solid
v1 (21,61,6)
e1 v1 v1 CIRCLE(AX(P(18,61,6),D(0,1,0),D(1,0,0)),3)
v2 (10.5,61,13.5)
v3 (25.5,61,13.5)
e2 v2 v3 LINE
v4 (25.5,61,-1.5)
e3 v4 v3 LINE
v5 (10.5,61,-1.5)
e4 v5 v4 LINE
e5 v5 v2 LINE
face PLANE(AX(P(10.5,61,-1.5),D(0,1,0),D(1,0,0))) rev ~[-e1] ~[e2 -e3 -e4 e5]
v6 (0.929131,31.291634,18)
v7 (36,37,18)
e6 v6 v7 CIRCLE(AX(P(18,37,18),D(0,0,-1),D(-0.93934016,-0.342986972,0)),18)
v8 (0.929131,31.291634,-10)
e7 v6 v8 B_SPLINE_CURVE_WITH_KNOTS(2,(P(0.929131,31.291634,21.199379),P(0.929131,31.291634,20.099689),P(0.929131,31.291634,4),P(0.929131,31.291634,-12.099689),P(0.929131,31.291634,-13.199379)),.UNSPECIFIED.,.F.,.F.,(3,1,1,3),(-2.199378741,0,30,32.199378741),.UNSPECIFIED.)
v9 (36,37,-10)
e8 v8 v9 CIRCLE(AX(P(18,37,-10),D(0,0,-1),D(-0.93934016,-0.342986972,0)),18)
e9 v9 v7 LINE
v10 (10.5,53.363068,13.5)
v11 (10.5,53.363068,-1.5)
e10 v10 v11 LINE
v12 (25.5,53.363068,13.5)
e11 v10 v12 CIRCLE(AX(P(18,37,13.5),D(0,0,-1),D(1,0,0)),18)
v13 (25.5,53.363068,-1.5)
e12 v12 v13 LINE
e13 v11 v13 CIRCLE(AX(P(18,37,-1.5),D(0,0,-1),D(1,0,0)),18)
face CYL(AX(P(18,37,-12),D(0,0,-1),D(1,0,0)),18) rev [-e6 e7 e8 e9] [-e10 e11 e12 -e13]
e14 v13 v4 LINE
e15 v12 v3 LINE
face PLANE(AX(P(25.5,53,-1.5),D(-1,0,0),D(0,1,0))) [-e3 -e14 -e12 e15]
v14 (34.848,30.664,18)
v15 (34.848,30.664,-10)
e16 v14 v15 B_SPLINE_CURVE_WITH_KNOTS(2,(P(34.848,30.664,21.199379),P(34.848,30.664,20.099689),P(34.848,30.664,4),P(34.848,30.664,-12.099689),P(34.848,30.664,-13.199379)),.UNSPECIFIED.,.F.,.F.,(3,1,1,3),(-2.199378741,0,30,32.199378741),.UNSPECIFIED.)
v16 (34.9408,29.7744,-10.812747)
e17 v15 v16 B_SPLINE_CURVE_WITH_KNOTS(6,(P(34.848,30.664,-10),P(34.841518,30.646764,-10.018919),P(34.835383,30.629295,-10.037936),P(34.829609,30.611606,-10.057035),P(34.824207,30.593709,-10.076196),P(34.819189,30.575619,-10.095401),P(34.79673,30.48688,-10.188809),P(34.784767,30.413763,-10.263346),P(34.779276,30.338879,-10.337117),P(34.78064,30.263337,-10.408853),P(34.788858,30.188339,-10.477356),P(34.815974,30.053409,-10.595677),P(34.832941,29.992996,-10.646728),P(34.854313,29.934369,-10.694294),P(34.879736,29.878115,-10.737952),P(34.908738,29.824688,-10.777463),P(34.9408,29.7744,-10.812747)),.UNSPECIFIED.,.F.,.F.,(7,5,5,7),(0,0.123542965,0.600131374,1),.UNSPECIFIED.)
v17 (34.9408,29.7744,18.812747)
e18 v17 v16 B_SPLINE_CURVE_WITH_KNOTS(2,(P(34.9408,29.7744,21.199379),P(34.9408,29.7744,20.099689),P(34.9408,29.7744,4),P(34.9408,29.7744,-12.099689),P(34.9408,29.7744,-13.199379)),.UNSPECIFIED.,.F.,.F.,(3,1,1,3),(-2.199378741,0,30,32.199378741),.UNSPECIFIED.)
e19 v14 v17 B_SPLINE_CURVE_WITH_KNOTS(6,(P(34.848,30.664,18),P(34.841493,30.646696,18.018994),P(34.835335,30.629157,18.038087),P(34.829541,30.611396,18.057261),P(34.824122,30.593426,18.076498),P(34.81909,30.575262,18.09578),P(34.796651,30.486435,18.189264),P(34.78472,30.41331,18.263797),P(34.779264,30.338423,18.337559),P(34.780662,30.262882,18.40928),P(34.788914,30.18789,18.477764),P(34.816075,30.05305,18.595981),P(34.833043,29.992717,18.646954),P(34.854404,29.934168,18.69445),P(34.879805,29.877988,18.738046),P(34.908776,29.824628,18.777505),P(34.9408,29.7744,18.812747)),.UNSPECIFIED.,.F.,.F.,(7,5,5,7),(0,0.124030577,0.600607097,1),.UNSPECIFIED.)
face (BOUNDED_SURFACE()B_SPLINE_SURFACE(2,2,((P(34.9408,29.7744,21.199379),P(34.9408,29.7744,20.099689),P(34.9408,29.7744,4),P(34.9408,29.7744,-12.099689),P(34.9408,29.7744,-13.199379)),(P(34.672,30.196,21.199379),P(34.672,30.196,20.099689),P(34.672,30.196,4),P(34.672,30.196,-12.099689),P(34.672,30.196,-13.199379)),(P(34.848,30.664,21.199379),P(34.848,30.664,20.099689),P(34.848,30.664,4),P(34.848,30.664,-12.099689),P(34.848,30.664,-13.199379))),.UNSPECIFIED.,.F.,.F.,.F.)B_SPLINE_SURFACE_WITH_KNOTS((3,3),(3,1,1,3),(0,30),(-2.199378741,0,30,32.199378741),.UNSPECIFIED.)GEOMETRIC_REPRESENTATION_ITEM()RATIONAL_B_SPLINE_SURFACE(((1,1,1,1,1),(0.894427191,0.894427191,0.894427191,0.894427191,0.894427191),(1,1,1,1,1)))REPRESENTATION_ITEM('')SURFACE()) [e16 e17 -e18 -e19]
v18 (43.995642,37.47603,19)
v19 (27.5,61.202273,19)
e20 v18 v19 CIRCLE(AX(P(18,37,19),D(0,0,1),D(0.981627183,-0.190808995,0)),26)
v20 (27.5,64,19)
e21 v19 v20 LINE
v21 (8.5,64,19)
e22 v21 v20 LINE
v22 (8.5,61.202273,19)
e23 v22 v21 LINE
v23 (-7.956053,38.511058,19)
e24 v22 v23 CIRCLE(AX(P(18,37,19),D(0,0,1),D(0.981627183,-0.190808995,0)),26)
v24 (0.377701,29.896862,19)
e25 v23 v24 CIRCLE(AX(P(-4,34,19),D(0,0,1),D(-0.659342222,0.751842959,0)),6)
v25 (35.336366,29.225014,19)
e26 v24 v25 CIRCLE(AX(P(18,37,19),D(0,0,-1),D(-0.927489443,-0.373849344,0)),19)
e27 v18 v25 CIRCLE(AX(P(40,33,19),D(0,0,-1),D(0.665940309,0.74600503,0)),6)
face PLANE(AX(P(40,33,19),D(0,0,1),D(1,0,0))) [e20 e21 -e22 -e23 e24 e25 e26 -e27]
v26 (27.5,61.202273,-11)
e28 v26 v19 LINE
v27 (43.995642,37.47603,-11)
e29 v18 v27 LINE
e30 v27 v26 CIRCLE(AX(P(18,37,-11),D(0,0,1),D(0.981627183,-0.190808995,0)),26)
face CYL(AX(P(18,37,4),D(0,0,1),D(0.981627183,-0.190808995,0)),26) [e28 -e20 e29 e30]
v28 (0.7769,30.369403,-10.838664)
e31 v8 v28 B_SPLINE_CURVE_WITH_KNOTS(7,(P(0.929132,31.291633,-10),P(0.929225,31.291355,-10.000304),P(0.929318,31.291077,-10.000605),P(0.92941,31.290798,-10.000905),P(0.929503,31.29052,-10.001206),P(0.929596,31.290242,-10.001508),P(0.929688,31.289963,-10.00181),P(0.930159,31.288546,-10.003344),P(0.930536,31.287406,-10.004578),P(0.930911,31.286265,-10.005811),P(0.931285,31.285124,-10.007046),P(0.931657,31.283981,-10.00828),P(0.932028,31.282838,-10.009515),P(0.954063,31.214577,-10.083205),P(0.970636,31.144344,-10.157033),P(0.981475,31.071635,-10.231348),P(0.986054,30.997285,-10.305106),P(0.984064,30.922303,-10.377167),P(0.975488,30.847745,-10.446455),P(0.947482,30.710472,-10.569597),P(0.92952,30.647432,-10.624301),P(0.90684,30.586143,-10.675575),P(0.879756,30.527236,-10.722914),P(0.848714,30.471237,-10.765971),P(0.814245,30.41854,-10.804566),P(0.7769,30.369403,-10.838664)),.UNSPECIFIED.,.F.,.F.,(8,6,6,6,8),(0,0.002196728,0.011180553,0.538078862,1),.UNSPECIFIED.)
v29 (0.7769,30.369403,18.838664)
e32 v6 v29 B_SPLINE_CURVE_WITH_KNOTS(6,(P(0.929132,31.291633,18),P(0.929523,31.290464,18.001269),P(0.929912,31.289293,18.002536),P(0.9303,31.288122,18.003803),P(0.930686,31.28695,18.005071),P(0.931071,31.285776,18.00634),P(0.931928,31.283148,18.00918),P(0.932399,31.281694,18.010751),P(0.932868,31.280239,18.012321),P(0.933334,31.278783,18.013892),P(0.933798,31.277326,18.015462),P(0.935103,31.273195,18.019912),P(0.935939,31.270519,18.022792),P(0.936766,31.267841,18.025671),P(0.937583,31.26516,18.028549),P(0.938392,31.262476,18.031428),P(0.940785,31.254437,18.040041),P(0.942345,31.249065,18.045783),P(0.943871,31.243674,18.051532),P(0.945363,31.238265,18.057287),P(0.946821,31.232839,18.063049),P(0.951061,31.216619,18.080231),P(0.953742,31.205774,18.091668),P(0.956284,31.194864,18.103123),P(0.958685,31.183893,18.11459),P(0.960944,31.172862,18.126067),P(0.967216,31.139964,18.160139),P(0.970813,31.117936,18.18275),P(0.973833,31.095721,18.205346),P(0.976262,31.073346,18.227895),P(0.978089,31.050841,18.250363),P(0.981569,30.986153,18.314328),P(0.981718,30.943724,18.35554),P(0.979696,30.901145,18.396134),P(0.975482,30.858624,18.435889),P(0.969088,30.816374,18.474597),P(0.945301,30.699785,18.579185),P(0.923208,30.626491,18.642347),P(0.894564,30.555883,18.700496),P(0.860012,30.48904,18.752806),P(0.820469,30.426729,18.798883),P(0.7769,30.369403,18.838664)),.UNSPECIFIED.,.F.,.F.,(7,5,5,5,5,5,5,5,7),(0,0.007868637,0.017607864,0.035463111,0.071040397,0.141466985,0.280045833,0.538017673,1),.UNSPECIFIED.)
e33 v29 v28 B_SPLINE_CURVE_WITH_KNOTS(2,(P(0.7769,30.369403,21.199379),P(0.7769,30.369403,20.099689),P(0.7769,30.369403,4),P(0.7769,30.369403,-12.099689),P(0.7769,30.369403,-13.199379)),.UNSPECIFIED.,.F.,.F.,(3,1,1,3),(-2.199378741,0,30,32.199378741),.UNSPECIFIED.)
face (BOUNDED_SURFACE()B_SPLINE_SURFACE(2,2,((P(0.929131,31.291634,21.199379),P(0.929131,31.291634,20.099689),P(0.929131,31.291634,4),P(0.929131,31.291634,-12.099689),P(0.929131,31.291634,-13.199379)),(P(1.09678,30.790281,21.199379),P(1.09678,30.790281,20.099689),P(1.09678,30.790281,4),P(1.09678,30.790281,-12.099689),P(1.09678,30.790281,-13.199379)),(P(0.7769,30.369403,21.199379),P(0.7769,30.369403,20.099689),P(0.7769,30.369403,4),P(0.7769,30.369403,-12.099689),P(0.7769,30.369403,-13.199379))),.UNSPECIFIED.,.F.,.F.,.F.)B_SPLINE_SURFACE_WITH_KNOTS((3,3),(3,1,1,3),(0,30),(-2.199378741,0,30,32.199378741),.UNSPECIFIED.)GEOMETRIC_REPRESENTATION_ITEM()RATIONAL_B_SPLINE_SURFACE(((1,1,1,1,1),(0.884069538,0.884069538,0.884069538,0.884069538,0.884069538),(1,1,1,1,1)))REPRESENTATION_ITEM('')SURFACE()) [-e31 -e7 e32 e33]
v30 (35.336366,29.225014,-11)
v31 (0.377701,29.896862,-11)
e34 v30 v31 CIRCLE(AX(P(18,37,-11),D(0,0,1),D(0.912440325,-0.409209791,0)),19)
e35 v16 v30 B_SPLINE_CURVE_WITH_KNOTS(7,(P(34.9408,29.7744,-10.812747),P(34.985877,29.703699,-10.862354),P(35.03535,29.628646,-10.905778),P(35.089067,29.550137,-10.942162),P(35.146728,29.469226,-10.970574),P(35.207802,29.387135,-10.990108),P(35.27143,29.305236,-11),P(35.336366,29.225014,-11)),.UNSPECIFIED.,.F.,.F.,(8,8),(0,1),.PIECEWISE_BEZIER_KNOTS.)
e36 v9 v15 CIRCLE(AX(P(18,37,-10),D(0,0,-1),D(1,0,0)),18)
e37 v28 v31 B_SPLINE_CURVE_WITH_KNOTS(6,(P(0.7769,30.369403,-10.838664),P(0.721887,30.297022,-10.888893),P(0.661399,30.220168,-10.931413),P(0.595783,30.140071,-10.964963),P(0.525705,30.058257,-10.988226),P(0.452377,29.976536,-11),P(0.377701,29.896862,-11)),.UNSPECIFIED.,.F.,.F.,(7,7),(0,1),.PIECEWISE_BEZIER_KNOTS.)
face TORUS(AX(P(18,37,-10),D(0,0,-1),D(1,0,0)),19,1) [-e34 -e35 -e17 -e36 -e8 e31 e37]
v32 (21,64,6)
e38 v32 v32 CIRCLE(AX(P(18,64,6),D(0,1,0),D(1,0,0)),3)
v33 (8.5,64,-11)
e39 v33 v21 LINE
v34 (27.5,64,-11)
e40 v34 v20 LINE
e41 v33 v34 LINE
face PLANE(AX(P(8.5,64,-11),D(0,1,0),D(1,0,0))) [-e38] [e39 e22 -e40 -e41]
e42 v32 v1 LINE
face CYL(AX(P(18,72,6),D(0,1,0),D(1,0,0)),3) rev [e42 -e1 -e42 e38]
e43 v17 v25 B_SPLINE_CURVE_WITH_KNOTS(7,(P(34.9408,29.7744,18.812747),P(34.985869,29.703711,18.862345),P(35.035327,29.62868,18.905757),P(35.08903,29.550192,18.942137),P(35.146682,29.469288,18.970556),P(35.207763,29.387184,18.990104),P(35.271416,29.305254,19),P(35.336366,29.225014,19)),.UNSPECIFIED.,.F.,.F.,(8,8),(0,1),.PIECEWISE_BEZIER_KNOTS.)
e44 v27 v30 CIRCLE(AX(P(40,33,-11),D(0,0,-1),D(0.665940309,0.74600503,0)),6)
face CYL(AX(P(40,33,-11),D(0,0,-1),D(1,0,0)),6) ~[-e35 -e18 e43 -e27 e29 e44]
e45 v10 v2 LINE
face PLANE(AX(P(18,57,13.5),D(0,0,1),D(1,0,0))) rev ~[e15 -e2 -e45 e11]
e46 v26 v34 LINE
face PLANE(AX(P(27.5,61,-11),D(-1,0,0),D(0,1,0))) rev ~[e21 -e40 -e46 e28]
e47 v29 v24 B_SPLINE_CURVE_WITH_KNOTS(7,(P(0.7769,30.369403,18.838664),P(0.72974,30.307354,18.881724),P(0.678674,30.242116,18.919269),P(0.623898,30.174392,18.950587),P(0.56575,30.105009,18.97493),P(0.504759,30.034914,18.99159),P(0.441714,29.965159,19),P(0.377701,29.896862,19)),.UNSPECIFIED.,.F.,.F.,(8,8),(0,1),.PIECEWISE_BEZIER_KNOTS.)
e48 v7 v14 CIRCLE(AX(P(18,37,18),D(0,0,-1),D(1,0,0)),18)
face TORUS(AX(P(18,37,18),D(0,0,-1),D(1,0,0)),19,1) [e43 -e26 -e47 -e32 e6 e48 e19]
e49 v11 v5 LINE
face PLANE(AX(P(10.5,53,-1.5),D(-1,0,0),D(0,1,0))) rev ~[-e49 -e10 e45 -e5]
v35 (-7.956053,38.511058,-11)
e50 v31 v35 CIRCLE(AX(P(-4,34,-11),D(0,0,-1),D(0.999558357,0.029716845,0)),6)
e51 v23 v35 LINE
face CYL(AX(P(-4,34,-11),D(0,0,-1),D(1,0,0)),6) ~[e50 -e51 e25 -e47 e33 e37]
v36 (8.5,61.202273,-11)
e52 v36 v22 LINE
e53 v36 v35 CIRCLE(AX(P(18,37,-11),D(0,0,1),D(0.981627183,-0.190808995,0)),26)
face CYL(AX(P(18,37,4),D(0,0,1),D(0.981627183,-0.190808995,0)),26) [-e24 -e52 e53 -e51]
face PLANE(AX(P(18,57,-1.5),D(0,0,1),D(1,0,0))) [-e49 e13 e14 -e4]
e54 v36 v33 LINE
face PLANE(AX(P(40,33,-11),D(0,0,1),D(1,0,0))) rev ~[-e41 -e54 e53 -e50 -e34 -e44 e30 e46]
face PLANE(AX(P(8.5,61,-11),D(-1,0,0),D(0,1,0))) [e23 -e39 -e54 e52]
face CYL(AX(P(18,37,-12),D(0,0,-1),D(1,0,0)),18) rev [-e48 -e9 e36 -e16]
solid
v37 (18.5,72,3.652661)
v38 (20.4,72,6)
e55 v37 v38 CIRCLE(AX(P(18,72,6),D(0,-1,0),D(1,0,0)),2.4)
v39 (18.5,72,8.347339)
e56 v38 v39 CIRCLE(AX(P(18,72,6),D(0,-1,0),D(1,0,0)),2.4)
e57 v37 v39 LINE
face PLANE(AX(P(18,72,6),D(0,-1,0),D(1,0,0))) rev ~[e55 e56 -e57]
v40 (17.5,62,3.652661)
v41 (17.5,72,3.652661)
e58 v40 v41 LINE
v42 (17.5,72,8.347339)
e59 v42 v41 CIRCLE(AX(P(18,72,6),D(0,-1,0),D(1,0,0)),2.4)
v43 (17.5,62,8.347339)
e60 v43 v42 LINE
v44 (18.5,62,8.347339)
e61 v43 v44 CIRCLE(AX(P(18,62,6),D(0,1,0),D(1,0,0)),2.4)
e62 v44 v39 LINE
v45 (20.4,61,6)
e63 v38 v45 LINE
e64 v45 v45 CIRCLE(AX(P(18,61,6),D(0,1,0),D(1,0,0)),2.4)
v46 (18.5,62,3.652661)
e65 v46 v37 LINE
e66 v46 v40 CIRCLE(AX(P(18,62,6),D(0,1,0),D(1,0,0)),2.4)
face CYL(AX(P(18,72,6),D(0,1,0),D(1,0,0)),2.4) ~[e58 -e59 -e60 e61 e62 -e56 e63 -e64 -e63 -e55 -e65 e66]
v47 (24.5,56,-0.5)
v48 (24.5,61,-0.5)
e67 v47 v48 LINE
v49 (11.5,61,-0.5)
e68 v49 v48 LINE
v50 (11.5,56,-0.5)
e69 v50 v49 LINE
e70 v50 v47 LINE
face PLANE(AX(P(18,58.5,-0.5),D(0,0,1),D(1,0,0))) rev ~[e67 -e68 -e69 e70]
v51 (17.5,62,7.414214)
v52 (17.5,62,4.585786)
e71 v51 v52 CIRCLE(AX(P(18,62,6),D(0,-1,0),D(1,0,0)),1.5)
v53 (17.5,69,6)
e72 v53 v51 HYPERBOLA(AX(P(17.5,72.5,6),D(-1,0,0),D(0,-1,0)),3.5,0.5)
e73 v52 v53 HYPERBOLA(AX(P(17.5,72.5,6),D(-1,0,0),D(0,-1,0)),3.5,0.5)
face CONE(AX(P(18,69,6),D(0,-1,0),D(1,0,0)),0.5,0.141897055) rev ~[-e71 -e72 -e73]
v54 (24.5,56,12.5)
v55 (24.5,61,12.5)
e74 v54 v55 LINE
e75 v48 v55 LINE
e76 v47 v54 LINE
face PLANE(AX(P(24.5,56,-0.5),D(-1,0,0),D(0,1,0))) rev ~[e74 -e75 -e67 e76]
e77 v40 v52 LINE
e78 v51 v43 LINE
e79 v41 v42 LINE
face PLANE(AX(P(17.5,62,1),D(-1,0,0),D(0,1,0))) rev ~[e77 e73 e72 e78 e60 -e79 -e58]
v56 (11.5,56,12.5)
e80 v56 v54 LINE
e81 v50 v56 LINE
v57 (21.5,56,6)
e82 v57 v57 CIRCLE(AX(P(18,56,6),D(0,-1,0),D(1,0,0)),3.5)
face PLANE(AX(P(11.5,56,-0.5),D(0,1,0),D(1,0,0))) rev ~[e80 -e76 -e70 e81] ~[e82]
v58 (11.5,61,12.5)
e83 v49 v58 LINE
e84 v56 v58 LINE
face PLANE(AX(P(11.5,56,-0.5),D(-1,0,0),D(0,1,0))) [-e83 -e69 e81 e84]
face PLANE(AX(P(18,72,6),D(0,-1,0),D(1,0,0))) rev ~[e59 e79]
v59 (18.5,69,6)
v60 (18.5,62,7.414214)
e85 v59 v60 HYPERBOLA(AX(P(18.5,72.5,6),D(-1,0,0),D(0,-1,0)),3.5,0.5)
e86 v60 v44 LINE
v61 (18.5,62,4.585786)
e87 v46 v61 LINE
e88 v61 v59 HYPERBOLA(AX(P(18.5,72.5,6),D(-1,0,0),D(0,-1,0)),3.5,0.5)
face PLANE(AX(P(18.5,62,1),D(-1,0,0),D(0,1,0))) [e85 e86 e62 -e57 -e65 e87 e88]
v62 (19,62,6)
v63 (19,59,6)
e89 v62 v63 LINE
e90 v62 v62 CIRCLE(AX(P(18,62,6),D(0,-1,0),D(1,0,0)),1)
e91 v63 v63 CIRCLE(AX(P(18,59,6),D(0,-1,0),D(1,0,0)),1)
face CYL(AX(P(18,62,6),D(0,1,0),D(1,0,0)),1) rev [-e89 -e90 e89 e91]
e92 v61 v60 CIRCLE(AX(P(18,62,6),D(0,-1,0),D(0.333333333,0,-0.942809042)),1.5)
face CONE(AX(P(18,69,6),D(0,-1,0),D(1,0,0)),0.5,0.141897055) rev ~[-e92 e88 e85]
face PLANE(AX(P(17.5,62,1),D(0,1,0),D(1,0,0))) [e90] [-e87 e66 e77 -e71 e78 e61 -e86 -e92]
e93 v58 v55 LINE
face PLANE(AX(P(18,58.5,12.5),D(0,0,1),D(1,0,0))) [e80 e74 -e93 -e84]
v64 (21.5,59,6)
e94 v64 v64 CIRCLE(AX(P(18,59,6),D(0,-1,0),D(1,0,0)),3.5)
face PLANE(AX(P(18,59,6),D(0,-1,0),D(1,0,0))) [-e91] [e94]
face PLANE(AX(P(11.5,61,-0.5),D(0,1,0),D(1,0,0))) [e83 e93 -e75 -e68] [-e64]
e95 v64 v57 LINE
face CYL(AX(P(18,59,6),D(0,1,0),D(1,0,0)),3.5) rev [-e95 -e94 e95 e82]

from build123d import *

# Parameters (mm, degrees)
CONE_ROLL_ANGLE             = 90
CYLINDER_R                  = 1
CYLINDER_DEPTH              = 3
CYLINDER_ROLL_ANGLE         = 90
CYLINDER005_R               = 3.5
CYLINDER005_DEPTH           = 3
CYLINDER005_ROLL_ANGLE      = 90
BOX_W                       = 1
BOX_H                       = 10
BOX_DEPTH                   = 10
BOX002_W                    = 13
BOX002_H                    = 5
BOX002_DEPTH                = 13
CYLINDER002_R               = 2.4
CYLINDER002_DEPTH           = 13
CYLINDER002_ROLL_ANGLE      = 90
CYLINDER006_R               = 18
CYLINDER006_DEPTH           = 32
CYLINDER010_R               = 3
CYLINDER010_DEPTH           = 13
CYLINDER010_ROLL_ANGLE      = 90
BOX003_W                    = 15
BOX003_H                    = 8
BOX003_DEPTH                = 15
CYLINDER009_R               = 6
CYLINDER009_DEPTH           = 30
CYLINDER007_W               = 26
CYLINDER007_H               = 30
CYLINDER007_ANGLE           = 201
CYLINDER007_PLACEMENT_ANGLE = -11
BOX004_W                    = 19
BOX004_H                    = 3
BOX004_DEPTH                = 30
CYLINDER008_R               = 6
CYLINDER008_DEPTH           = 30
FILLET_R                    = 1


with BuildPart() as screw_guide:
    # Cone → Cone (revolve)
    with BuildSketch(Plane.XZ):
        Polygon((0, 0), (0.5, 0), (1.5, 7), (0, 7), align=None)
    revolve(axis=Axis((0, 0, 0), (0, 0, 1)))


with BuildPart() as screw_guide_1:
    # Cone roll: moved
    add(screw_guide.part.rotate(Axis((0, 0, 0), (1, 0, 0)), CONE_ROLL_ANGLE))


with BuildPart() as screw_guide_2:
    # Cone placement: moved
    add(screw_guide_1.part.moved(Location((18, 69, 6))))


with BuildPart() as hole:
    # Cylinder → Cylinder (new body)
    with BuildSketch(Plane.XY):
        Circle(CYLINDER_R)
    extrude(amount=CYLINDER_DEPTH)


with BuildPart() as hole_1:
    # Cylinder roll: moved
    add(hole.part.rotate(Axis((0, 0, 0), (1, 0, 0)), CYLINDER_ROLL_ANGLE))


with BuildPart() as hole_2:
    # Cylinder placement: moved
    add(hole_1.part.moved(Location((18, 62, 6))))


with BuildPart() as screw_head_seat:
    # Cylinder005 → Cylinder005 (new body)
    with BuildSketch(Plane.XY):
        Circle(CYLINDER005_R)
    extrude(amount=CYLINDER005_DEPTH)


with BuildPart() as screw_head_seat_1:
    # Cylinder005 roll: moved
    add(screw_head_seat.part.rotate(Axis((0, 0, 0), (1, 0, 0)), CYLINDER005_ROLL_ANGLE))


with BuildPart() as screw_head_seat_2:
    # Cylinder005 placement: moved
    add(screw_head_seat_1.part.moved(Location((18, 59, 6))))


with BuildPart() as hole_and_cut:
    # Box → Box (new body)
    with BuildSketch(Plane(origin=(17.5, 62, 1), x_dir=(1, 0, 0), z_dir=(0, 0, 1))):
        with Locations((0.5, 5)):
            Rectangle(BOX_W, BOX_H)
    extrude(amount=BOX_DEPTH)

    # Fusion: union screw guide, hole, screw head seat
    add(screw_guide_2.part)
    add(hole_2.part)
    add(screw_head_seat_2.part)


with BuildPart() as squared_washer:
    # Box002 → Box002 (new body)
    with BuildSketch(Plane(origin=(11.5, 56, -0.5), x_dir=(1, 0, 0), z_dir=(0, 0, 1))):
        with Locations((6.5, 2.5)):
            Rectangle(BOX002_W, BOX002_H)
    extrude(amount=BOX002_DEPTH)


with BuildPart() as anchor_with_hole_and_cut:
    # Cylinder002 → Cylinder002 (new body)
    with BuildSketch(Plane.XY):
        Circle(CYLINDER002_R)
    extrude(amount=CYLINDER002_DEPTH)


with BuildPart() as anchor_with_hole_and_cut_1:
    # Cylinder002 roll: moved
    add(anchor_with_hole_and_cut.part.rotate(Axis((0, 0, 0), (1, 0, 0)), CYLINDER002_ROLL_ANGLE))


with BuildPart() as anchor_with_hole_and_cut_2:
    # Cylinder002 placement: moved
    add(anchor_with_hole_and_cut_1.part.moved(Location((18, 72, 6))))

    # Fusion001: union squared washer
    add(squared_washer.part)

    # Cut: cut hole and cut
    add(hole_and_cut.part, mode=Mode.SUBTRACT)


with BuildPart() as vacuum_cleaner_tube_template:
    # Cylinder006 → Cylinder006 (new body)
    with BuildSketch(Plane(origin=(18, 37, -12), x_dir=(1, 0, 0), z_dir=(0, 0, 1))):
        Circle(CYLINDER006_R)
    extrude(amount=CYLINDER006_DEPTH)


with BuildPart() as anchor_pin_seat:
    # Cylinder010 → Cylinder010 (new body)
    with BuildSketch(Plane.XY):
        Circle(CYLINDER010_R)
    extrude(amount=CYLINDER010_DEPTH)


with BuildPart() as anchor_pin_seat_1:
    # Cylinder010 roll: moved
    add(anchor_pin_seat.part.rotate(Axis((0, 0, 0), (1, 0, 0)), CYLINDER010_ROLL_ANGLE))


with BuildPart() as anchor_pin_seat_2:
    # Cylinder010 placement: moved
    add(anchor_pin_seat_1.part.moved(Location((18, 72, 6))))


with BuildPart() as holes:
    # Box003 → Box003 (new body)
    with BuildSketch(Plane(origin=(10.5, 53, -1.5), x_dir=(1, 0, 0), z_dir=(0, 0, 1))):
        with Locations((7.5, 4)):
            Rectangle(BOX003_W, BOX003_H)
    extrude(amount=BOX003_DEPTH)

    # Fusion003: union vacuum cleaner tube template, anchor pin seat
    add(vacuum_cleaner_tube_template.part)
    add(anchor_pin_seat_2.part)


with BuildPart() as cylinder009:
    # Cylinder009 → Cylinder009 (new body)
    with BuildSketch(Plane(origin=(40, 33, -11), x_dir=(1, 0, 0), z_dir=(0, 0, 1))):
        Circle(CYLINDER009_R)
    extrude(amount=CYLINDER009_DEPTH)


with BuildPart() as arms:
    # Cylinder007 → Cylinder007 (revolve)
    with BuildSketch(Plane.XZ):
        with Locations((13, 15)):
            Rectangle(CYLINDER007_W, CYLINDER007_H)
    revolve(axis=Axis((0, 0, 0), (0, 0, 1)), revolution_arc=CYLINDER007_ANGLE)


with BuildPart() as arms_1:
    # Cylinder007 placement: moved
    add(arms.part.moved(Location((18, 37, -11))).rotate(Axis((18, 37, -11), (0, 0, 1)), CYLINDER007_PLACEMENT_ANGLE))


with BuildPart() as stabilizer_shim:
    # Box004 → Box004 (new body)
    with BuildSketch(Plane(origin=(8.5, 61, -11), x_dir=(1, 0, 0), z_dir=(0, 0, 1))):
        with Locations((9.5, 1.5)):
            Rectangle(BOX004_W, BOX004_H)
    extrude(amount=BOX004_DEPTH)


with BuildPart() as holder_with_holes_and_fillets:
    # Cylinder008 → Cylinder008 (new body)
    with BuildSketch(Plane(origin=(-4, 34, -11), x_dir=(1, 0, 0), z_dir=(0, 0, 1))):
        Circle(CYLINDER008_R)
    extrude(amount=CYLINDER008_DEPTH)

    # Fusion002: union Cylinder009, arms, stabilizer shim
    add(cylinder009.part)
    add(arms_1.part)
    add(stabilizer_shim.part)

    # Cut001: cut holes
    add(holes.part, mode=Mode.SUBTRACT)

    # Fillet
    fillet_edges = [holder_with_holes_and_fillets.edges().sort_by_distance(p)[0] for p in [
        (1.091877, 30.826234, 4),
        (0.615735, 32.332312, 19),
        (0.615735, 32.332312, -11),
        (35.25449, 31.873348, 19),
        (35.25449, 31.873348, -11),
        (34.678052, 30.229284, 4),
    ]]
    fillet(fillet_edges, radius=FILLET_R)


solid = Compound([anchor_with_hole_and_cut_2.part, holder_with_holes_and_fillets.part])
